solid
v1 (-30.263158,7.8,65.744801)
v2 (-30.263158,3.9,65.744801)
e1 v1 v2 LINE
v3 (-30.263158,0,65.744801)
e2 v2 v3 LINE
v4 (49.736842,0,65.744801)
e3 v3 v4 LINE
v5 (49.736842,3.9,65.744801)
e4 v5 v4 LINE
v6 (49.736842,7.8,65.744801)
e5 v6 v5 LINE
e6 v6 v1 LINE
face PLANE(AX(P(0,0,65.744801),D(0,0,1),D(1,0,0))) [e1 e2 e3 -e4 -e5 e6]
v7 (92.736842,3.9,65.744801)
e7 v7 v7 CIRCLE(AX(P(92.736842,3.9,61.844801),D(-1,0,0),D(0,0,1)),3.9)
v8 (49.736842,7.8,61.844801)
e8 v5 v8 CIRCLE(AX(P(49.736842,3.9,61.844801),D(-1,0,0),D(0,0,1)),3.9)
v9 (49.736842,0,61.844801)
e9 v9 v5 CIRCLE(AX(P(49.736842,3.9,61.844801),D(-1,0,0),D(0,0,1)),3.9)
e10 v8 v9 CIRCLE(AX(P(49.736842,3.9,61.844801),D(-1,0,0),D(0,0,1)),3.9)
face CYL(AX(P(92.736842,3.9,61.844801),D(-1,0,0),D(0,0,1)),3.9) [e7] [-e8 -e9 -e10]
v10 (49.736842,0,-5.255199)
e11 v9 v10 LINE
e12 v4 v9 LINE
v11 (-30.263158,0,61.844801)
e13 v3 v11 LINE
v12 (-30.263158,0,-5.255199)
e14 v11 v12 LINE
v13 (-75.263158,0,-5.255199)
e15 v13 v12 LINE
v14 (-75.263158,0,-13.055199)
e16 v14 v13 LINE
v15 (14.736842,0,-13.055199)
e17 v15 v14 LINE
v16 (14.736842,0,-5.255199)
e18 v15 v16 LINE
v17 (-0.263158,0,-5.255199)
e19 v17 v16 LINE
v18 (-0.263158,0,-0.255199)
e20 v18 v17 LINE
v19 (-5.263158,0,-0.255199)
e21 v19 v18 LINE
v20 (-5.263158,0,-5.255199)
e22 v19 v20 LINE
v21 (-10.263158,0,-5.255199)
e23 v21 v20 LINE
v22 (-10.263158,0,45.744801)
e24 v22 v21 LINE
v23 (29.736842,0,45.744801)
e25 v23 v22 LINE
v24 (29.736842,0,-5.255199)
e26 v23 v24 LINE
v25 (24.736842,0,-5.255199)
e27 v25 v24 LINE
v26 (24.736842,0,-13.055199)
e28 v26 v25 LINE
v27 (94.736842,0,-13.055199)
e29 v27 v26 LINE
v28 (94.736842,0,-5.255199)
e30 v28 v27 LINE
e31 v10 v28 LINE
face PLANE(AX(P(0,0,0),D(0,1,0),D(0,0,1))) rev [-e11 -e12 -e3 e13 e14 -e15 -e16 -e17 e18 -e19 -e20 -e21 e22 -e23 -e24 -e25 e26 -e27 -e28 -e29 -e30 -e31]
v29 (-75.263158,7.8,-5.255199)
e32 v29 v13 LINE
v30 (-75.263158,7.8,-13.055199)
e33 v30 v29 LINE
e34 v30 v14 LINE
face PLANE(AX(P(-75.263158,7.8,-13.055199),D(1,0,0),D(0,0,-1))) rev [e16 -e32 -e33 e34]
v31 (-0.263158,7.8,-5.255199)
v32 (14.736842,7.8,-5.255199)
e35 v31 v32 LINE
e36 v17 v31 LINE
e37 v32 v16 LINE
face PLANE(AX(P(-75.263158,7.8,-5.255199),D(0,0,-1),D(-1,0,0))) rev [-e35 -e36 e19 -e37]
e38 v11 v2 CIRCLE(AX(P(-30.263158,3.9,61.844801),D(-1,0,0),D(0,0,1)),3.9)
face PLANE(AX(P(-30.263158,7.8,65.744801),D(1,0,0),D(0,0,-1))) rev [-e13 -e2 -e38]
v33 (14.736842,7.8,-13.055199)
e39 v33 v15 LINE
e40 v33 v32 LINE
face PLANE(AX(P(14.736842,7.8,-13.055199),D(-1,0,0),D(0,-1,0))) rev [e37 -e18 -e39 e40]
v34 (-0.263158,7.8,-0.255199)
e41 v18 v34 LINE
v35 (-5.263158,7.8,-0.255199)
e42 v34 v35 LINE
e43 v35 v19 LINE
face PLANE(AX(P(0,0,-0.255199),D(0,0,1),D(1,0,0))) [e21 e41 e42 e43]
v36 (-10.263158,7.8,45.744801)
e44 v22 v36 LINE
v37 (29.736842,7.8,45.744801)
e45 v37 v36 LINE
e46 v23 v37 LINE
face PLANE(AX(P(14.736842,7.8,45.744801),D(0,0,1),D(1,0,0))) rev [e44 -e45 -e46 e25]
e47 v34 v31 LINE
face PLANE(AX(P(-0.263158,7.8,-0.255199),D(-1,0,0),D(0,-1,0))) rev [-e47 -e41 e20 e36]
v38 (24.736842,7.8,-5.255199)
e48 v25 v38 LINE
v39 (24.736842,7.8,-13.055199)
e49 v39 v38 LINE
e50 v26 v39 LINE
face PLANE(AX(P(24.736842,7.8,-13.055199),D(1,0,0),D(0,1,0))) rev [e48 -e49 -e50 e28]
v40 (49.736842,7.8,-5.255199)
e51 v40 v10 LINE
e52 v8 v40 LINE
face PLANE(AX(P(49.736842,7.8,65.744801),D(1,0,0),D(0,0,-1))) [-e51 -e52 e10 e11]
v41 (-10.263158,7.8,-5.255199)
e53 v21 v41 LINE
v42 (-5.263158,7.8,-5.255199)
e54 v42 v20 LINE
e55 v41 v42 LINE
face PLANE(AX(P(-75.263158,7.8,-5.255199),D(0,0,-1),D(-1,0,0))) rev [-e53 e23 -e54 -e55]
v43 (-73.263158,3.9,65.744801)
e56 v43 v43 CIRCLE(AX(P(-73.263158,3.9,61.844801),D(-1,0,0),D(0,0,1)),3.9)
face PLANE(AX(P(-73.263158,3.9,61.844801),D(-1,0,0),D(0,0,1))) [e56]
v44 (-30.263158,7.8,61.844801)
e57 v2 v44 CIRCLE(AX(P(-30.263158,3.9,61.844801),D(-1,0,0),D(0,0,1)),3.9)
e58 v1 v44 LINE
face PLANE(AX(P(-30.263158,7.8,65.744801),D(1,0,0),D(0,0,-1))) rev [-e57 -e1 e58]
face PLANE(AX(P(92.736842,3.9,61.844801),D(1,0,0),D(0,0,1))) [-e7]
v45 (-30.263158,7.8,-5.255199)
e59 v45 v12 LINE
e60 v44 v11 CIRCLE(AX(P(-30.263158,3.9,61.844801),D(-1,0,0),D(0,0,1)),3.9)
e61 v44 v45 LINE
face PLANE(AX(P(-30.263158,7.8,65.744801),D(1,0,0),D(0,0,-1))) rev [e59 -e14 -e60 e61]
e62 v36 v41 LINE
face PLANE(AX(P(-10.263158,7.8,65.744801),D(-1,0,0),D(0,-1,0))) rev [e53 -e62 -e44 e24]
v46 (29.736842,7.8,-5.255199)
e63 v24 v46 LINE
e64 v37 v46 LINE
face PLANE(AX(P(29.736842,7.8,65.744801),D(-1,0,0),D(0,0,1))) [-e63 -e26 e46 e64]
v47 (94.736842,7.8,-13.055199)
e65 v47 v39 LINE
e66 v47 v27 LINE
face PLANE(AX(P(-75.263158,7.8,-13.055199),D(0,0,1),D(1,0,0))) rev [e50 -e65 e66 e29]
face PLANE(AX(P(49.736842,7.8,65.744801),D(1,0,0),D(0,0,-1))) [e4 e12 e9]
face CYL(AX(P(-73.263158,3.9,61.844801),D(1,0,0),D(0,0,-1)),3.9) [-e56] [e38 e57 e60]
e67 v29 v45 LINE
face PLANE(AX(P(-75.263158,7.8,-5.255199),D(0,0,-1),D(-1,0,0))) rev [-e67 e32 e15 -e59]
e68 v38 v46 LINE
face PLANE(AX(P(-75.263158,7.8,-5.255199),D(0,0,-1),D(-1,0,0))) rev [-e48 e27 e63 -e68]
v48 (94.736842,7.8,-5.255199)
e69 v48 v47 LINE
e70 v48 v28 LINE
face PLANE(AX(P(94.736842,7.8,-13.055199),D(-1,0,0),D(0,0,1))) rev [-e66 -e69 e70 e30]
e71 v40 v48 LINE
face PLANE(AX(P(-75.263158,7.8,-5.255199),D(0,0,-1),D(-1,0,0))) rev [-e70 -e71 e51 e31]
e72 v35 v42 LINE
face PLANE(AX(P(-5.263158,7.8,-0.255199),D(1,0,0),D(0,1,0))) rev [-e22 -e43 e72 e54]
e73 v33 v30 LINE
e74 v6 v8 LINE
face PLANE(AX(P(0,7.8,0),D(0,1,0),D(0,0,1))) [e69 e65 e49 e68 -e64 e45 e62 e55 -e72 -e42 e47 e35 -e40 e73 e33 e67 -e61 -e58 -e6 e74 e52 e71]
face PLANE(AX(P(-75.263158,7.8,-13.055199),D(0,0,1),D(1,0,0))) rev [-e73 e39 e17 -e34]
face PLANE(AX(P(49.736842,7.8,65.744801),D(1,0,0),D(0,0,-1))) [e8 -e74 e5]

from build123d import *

# Parameters (mm, degrees)
SKETCH1_W           = 170
SKETCH1_H           = 7.8
BOSS_EXTRUDE1_DEPTH = 7.8
SKETCH2_W           = 20
SKETCH2_H           = 7.8
BOSS_EXTRUDE2_DEPTH = 71
SKETCH3_R           = 3.9
BOSS_EXTRUDE3_DEPTH = 43
SKETCH4_W           = 20
SKETCH4_H           = 7.8
BOSS_EXTRUDE4_DEPTH = 25
SKETCH5_W           = 10
SKETCH5_H           = 7.8
CUT_EXTRUDE1_DEPTH  = 119.646151442
SKETCH6_W           = 5
SKETCH6_H           = 7.8
BOSS_EXTRUDE5_DEPTH = 5


with BuildPart() as part:
    # Sketch1 → Boss-Extrude1 (new body)
    with BuildSketch(Plane(origin=(0, 0, 0), x_dir=(1, 0, 0), z_dir=(0, 1, 0))):
        with Locations((9.736842105, 9.155198973)):
            Rectangle(SKETCH1_W, SKETCH1_H)
    extrude(amount=BOSS_EXTRUDE1_DEPTH)

    # Sketch2 → Boss-Extrude2 (add)
    with BuildSketch(Plane.XY.offset(-5.255198973)):
        with Locations((-20.263157895, 3.9)):
            Rectangle(SKETCH2_W, SKETCH2_H)
    boss_extrude2 = extrude(amount=BOSS_EXTRUDE2_DEPTH)

    # Sketch3 → Boss-Extrude3 (add)
    with BuildSketch(Plane.ZY.offset(30.263157895)):
        with Locations((61.844801027, 3.9)):
            Circle(SKETCH3_R)
    boss_extrude3 = extrude(amount=BOSS_EXTRUDE3_DEPTH)

    # Sketch4 → Boss-Extrude4 (add)
    with BuildSketch(Plane(origin=(-10.263157895, 0, 0), x_dir=(0, 0, -1), z_dir=(1, 0, 0))):
        with Locations((-55.744801027, 3.9)):
            Rectangle(SKETCH4_W, SKETCH4_H)
    boss_extrude4 = extrude(amount=BOSS_EXTRUDE4_DEPTH)

    # Mirror1: Boss-Extrude2, Boss-Extrude3, Boss-Extrude4 across plane
    add(boss_extrude2.mirror(Plane.ZY.offset(-9.736842105)))
    add(boss_extrude3.mirror(Plane.ZY.offset(-9.736842105)))
    add(boss_extrude4.mirror(Plane.ZY.offset(-9.736842105)))

    # Sketch5 → Cut-Extrude1 (cut, through all)
    with BuildSketch(Plane.XY.offset(-5.255198973)):
        with Locations((19.736842105, 3.9)):
            Rectangle(SKETCH5_W, SKETCH5_H)
    extrude(amount=-CUT_EXTRUDE1_DEPTH, mode=Mode.SUBTRACT)

    # Sketch6 → Boss-Extrude5 (add)
    with BuildSketch(Plane.XY.offset(-5.255198973)):
        with Locations((-2.763157895, 3.9)):
            Rectangle(SKETCH6_W, SKETCH6_H)
    extrude(amount=BOSS_EXTRUDE5_DEPTH)


solid = part.part
